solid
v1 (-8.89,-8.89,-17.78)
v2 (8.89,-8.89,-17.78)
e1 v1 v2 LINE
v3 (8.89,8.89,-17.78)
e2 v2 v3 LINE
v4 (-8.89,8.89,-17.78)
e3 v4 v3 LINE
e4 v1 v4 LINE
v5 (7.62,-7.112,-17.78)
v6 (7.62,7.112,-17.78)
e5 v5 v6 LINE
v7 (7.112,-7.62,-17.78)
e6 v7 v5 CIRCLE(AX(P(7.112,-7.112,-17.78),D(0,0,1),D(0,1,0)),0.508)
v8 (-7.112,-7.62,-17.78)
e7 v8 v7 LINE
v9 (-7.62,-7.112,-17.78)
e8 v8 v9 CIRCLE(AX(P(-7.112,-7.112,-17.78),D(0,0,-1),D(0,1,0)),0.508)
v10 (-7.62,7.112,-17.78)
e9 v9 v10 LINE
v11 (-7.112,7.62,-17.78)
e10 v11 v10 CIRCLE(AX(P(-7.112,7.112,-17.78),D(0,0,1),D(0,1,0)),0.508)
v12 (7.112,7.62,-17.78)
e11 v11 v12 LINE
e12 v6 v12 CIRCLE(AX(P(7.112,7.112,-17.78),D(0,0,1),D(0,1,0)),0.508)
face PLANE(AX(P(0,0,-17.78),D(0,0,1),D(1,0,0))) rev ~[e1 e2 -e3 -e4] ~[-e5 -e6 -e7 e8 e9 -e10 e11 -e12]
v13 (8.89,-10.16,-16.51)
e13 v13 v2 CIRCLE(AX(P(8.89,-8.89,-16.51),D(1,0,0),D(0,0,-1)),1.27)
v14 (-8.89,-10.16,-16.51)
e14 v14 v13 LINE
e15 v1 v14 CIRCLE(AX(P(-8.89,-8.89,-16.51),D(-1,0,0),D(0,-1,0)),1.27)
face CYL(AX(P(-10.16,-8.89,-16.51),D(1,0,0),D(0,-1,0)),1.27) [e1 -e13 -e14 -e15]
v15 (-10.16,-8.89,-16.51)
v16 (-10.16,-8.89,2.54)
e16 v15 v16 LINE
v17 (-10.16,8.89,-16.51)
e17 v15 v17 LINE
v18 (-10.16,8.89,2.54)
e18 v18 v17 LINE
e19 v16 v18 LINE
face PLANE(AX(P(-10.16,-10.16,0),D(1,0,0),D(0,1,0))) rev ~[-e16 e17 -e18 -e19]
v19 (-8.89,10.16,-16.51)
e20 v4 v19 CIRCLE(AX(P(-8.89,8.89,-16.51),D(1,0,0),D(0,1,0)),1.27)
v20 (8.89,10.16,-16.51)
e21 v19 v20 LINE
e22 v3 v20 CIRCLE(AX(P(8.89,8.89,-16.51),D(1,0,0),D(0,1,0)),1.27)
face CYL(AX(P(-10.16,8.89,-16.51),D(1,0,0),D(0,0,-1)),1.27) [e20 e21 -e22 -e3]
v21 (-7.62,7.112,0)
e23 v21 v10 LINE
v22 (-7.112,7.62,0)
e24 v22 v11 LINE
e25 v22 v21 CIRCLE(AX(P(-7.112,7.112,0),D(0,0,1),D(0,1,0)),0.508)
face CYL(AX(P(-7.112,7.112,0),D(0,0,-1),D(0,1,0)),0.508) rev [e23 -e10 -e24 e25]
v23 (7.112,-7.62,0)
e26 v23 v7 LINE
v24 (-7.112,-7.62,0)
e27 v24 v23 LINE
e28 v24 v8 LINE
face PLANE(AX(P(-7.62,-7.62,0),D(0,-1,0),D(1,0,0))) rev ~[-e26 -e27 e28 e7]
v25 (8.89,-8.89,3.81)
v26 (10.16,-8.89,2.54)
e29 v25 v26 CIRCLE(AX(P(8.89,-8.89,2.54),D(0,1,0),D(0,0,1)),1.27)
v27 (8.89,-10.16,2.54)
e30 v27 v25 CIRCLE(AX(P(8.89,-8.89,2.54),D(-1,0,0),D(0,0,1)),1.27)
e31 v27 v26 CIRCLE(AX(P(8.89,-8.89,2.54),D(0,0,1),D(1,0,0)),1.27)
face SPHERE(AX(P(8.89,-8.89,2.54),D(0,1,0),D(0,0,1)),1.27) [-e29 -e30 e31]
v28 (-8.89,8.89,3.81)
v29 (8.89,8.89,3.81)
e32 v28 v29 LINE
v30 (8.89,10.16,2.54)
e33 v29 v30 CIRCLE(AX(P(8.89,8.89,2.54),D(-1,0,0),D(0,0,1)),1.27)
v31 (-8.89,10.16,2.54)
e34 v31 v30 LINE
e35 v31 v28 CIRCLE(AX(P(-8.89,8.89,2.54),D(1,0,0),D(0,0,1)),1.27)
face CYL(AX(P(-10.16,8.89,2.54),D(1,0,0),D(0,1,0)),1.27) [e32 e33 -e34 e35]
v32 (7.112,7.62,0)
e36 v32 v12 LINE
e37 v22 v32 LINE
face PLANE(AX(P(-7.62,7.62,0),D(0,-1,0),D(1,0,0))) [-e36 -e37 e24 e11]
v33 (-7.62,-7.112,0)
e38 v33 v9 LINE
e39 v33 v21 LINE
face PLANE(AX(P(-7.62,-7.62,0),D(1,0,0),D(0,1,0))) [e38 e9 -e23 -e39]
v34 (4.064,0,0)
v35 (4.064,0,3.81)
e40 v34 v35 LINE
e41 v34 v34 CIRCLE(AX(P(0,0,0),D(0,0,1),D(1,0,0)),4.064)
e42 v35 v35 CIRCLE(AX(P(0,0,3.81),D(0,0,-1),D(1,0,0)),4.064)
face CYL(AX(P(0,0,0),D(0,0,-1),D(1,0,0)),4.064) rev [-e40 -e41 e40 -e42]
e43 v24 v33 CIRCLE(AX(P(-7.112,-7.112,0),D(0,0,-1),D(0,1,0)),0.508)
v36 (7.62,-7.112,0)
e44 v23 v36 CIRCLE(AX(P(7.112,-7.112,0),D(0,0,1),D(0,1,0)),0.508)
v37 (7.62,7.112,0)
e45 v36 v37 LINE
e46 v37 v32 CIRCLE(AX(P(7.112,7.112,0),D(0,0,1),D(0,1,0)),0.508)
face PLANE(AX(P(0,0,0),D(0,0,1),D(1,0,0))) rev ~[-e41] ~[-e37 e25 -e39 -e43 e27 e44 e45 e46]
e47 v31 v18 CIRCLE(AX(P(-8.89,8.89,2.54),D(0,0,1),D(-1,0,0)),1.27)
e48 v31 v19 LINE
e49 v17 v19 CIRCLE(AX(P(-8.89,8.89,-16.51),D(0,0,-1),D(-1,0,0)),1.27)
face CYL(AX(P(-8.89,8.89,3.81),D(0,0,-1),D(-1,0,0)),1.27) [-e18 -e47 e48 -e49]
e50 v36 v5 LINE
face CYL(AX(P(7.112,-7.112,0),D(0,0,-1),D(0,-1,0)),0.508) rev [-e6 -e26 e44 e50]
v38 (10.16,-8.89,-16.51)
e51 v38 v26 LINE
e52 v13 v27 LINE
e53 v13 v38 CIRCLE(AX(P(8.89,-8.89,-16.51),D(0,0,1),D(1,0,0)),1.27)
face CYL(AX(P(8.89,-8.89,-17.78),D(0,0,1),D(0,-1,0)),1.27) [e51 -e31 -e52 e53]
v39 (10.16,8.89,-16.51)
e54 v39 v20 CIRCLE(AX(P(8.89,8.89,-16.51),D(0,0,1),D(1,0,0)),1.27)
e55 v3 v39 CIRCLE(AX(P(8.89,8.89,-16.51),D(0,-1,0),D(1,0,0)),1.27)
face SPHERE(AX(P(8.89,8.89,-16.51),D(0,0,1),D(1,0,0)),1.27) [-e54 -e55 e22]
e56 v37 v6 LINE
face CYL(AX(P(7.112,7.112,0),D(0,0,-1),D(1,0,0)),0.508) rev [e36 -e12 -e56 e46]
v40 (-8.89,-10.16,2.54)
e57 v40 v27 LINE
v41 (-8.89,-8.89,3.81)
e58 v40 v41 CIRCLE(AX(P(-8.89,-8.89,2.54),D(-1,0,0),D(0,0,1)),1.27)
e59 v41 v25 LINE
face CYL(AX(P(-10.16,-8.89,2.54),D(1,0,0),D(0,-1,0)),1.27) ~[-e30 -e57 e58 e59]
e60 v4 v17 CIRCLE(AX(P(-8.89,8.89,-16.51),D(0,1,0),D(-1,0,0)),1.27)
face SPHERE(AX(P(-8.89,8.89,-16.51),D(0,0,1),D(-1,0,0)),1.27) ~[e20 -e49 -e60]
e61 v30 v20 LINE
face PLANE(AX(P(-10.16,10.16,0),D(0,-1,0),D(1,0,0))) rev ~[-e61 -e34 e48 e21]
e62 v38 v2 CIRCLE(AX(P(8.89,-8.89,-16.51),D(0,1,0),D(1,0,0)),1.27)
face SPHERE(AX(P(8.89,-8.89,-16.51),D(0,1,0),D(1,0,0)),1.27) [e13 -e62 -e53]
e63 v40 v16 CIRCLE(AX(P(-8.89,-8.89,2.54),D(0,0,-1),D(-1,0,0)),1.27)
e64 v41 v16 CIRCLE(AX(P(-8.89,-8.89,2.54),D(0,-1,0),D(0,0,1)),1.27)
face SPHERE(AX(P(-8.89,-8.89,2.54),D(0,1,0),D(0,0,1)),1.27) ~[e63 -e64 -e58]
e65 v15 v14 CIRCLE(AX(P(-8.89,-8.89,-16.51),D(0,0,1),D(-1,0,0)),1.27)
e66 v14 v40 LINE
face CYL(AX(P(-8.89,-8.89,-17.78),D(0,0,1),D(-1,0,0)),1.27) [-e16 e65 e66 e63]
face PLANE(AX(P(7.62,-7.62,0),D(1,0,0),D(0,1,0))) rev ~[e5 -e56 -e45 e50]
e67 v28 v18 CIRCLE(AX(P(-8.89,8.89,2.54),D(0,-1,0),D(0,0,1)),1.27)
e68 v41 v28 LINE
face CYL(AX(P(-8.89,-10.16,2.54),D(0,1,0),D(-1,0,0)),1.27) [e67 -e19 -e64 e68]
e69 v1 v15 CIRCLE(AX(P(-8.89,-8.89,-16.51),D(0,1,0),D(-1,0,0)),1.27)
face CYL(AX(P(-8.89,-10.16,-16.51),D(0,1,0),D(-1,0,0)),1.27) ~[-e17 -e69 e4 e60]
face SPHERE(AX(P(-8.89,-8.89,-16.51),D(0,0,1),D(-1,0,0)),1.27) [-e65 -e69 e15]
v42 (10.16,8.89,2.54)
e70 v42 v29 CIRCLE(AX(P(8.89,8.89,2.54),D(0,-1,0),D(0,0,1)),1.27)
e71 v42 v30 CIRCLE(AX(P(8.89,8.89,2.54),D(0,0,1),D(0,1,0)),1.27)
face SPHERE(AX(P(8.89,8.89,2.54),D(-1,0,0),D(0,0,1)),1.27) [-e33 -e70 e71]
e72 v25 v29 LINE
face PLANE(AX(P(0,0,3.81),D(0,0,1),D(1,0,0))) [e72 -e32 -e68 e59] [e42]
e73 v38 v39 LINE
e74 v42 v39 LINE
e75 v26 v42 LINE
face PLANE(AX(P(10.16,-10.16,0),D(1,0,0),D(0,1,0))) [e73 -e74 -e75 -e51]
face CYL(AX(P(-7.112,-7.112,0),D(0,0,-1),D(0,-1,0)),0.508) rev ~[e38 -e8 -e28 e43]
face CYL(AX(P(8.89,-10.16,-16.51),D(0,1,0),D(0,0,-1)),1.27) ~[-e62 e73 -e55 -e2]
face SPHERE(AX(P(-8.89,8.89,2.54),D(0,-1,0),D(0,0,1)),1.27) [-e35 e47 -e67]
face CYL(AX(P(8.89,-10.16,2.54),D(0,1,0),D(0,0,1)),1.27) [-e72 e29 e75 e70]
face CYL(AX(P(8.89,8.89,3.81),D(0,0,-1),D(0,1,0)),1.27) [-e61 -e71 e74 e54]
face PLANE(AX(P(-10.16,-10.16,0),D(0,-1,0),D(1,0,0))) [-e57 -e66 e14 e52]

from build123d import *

# Parameters (mm, degrees)
F0_W     = 20.32
F0_H     = 20.32
F0_W_2   = 15.24
F0_H_2   = 15.24
F1_DEPTH = 3.81
F2_DEPTH = 17.78
F3_R     = 4.064
F4_DEPTH = 25.4
F5_R     = 1.27
F6_R     = 0.508


with BuildPart() as f1:
    # F0 (on Top) → F1 (new body)
    with BuildSketch(Plane.XY):
        Rectangle(F0_W, F0_H)
        Rectangle(F0_W_2, F0_H_2, mode=Mode.SUBTRACT)
        Rectangle(F0_W_2, F0_H_2)
    extrude(amount=F1_DEPTH)

    # F0 (on Top) → F2 (join)
    with BuildSketch(Plane.XY):
        Rectangle(F0_W, F0_H)
        Rectangle(F0_W_2, F0_H_2, mode=Mode.SUBTRACT)
    extrude(amount=-F2_DEPTH)

    # F3 (on Top) → F4 (cut)
    with BuildSketch(Plane.XY):
        Circle(F3_R)
    extrude(amount=F4_DEPTH, mode=Mode.SUBTRACT)

    # F5
    f5_edges = [f1.edges().sort_by_distance(p)[0] for p in [
        (-10.16, 0, 3.81),
        (0, 10.16, 3.81),
        (10.16, 0, 3.81),
        (0, -10.16, 3.81),
        (-10.16, 10.16, -6.985),
        (-10.16, -10.16, -6.985),
        (-10.16, 0, -17.78),
        (10.16, 10.16, -6.985),
        (10.16, 0, -17.78),
        (10.16, -10.16, -6.985),
        (0, -10.16, -17.78),
        (0, 10.16, -17.78),
    ]]
    fillet(f5_edges, radius=F5_R)

    # F6
    f6_edges = [f1.edges().sort_by_distance(p)[0] for p in [
        (-7.62, -7.62, -8.89),
        (7.62, -7.62, -8.89),
        (7.62, 7.62, -8.89),
        (-7.62, 7.62, -8.89),
    ]]
    fillet(f6_edges, radius=F6_R)


solid = f1.part
